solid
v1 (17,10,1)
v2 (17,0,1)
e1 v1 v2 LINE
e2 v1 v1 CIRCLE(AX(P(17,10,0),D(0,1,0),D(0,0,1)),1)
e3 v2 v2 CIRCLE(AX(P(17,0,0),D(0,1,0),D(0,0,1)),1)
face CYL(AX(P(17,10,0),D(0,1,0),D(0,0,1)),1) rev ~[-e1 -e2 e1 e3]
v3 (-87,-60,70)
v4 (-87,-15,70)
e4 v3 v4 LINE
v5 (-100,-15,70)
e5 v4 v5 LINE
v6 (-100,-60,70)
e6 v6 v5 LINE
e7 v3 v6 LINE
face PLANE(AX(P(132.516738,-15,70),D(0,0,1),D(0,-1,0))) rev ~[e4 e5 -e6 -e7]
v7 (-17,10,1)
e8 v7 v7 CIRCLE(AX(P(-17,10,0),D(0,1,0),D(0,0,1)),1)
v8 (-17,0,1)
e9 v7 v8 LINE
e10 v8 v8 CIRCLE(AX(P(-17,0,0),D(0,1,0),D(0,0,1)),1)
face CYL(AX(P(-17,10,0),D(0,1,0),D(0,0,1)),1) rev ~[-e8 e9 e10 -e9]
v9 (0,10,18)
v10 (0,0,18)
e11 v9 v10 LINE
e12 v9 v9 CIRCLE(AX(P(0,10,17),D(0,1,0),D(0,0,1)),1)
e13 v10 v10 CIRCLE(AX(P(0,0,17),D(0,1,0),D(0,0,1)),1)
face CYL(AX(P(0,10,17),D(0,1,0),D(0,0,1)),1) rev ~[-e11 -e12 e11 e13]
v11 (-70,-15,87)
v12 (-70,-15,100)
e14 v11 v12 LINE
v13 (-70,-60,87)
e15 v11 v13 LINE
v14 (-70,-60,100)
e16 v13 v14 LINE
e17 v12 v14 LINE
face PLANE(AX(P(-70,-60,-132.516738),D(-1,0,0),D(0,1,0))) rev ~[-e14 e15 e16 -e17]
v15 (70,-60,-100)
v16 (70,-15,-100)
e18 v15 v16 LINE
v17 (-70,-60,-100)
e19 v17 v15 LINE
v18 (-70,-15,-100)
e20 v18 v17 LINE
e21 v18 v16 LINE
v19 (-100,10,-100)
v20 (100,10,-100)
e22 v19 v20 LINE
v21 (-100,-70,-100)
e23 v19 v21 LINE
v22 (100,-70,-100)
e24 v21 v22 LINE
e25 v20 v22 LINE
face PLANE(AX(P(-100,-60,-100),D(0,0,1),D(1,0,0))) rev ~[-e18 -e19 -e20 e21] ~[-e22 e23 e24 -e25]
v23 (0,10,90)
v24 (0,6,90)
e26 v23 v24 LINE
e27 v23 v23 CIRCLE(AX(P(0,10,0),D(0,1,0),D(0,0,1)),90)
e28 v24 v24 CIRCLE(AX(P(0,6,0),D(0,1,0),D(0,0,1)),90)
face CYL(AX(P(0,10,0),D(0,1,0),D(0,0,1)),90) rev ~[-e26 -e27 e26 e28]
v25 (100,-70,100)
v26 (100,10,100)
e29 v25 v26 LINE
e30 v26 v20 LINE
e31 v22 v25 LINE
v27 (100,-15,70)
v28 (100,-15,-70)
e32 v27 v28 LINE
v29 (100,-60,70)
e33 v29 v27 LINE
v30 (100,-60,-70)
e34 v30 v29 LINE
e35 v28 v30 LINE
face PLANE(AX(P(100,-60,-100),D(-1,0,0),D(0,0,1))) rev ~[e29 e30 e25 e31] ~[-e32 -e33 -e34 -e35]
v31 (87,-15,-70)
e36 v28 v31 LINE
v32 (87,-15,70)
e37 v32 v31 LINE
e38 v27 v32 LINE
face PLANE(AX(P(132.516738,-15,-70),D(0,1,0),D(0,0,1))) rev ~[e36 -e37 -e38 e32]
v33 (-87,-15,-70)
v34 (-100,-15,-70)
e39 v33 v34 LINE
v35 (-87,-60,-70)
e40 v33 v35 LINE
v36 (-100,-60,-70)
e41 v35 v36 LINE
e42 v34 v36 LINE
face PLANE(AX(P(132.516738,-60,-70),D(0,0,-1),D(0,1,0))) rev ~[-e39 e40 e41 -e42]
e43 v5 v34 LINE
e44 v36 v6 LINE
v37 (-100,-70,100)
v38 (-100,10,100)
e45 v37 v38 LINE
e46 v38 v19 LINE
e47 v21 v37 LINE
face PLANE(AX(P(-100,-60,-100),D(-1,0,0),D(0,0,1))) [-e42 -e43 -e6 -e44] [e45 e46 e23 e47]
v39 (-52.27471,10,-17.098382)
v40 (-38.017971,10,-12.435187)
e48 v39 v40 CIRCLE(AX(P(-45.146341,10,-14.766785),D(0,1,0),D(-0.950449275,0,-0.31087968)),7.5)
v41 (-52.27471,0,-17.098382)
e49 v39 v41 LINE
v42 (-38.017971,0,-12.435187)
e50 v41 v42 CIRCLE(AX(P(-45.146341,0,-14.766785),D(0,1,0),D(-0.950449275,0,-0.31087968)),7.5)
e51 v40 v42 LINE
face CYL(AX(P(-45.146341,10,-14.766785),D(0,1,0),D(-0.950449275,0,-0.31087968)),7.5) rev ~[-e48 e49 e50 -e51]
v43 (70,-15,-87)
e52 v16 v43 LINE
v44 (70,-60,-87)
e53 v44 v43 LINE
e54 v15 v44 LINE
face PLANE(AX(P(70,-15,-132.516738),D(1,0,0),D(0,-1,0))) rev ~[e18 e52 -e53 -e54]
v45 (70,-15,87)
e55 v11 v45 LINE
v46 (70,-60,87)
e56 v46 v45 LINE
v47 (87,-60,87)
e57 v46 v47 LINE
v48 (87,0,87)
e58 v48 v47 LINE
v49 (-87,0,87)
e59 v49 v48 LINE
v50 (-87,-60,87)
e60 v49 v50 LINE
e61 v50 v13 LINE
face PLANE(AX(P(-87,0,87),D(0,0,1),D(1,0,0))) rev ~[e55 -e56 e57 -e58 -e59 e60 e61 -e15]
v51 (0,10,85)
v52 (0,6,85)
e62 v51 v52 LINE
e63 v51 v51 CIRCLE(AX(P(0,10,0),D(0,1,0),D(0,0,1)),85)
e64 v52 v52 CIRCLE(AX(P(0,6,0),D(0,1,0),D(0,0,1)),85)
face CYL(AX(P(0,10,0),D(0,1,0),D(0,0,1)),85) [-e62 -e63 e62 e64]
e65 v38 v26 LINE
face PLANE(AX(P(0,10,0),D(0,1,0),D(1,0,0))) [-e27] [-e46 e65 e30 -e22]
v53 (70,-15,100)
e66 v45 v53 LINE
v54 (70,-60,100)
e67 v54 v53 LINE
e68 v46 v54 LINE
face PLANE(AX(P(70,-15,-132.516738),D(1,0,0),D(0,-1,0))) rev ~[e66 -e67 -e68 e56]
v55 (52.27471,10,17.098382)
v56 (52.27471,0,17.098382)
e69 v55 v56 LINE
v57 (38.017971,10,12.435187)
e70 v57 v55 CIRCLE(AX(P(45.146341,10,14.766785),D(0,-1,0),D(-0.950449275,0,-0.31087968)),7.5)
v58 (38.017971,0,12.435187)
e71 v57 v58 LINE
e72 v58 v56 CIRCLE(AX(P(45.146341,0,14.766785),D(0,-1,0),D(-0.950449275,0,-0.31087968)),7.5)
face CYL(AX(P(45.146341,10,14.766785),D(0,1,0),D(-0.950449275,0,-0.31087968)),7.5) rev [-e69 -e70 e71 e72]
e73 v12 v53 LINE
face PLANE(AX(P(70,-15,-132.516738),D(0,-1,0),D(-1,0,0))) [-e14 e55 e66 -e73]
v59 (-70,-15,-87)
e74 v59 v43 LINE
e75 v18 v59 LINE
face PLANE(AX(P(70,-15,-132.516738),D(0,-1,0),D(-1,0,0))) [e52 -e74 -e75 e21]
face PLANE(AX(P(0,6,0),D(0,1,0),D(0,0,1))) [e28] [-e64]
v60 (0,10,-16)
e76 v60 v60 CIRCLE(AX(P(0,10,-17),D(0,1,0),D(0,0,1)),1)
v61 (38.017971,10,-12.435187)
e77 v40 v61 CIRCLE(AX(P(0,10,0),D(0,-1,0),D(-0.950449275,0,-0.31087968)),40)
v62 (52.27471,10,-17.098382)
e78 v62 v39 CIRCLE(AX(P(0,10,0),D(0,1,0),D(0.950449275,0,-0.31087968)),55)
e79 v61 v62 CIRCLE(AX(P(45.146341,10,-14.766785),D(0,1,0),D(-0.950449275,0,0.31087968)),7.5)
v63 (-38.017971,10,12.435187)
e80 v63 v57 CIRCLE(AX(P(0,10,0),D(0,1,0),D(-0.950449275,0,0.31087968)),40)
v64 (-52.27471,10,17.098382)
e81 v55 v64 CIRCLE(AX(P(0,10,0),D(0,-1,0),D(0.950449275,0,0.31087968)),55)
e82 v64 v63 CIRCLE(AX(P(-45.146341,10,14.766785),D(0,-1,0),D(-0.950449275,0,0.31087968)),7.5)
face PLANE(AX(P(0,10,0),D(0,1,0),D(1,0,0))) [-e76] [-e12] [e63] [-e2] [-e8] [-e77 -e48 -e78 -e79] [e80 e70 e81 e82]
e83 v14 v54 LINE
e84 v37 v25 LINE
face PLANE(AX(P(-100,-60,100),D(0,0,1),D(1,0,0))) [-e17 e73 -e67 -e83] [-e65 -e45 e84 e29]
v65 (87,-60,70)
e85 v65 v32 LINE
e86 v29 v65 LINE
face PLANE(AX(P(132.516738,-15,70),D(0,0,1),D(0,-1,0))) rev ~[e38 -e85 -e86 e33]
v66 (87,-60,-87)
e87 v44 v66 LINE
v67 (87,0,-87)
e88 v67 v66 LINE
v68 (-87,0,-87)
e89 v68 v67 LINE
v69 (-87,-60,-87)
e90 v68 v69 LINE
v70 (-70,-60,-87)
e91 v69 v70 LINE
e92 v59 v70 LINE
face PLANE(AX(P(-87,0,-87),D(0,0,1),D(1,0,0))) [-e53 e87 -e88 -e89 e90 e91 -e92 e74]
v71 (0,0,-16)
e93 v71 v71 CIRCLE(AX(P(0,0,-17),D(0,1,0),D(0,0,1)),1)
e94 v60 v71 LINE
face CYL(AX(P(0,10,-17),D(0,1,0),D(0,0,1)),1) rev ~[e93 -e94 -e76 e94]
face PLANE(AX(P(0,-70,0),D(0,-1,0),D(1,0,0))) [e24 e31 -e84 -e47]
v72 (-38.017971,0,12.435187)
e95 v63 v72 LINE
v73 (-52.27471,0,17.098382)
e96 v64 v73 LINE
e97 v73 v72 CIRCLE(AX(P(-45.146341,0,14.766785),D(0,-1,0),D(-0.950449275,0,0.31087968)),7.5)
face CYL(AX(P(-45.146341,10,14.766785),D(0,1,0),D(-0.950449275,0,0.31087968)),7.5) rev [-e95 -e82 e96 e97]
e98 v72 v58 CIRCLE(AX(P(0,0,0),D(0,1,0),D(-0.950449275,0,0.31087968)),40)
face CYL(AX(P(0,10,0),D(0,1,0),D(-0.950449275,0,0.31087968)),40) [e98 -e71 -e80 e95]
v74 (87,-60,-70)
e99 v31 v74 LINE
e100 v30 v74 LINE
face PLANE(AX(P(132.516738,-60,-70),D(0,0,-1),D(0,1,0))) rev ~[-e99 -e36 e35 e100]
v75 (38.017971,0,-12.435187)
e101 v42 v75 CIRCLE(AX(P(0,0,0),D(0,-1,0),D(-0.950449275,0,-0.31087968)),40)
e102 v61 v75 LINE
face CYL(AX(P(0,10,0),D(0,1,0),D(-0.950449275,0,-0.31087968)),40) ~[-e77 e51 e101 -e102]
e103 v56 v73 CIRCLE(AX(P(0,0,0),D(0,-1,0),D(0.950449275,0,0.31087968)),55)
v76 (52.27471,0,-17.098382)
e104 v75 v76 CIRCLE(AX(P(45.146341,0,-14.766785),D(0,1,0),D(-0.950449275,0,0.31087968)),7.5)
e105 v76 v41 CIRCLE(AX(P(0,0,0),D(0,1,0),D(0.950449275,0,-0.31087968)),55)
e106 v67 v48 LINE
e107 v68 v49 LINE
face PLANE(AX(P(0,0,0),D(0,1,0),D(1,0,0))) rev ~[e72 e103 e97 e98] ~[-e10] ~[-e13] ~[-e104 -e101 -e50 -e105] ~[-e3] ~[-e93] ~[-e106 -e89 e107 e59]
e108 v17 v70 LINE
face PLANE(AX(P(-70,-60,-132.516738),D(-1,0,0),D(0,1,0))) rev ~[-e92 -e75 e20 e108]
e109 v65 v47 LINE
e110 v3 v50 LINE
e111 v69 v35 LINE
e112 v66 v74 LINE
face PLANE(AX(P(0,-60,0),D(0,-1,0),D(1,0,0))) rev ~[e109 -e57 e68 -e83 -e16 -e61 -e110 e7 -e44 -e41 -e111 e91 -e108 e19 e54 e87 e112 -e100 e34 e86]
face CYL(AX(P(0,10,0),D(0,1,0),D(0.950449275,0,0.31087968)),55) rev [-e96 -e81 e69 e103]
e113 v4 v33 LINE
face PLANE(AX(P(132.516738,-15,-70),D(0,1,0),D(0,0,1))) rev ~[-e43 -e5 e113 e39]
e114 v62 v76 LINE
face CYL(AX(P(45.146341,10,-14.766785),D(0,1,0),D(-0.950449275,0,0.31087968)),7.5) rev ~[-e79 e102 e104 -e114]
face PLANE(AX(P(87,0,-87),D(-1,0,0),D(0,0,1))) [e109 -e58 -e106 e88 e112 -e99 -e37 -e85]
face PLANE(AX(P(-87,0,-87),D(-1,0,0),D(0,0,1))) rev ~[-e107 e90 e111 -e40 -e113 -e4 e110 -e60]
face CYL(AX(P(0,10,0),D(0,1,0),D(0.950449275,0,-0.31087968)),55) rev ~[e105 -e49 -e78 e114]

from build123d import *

# Parameters (mm, degrees)
SKETCH2_W                = 200
SKETCH2_H                = 200
BOSS_EXTRUDE1_DEPTH      = 10
SKETCH12_R               = 90
SKETCH12_R_2             = 85
CUT_EXTRUDE8_DEPTH       = 4
SKETCH13_R               = 1
CUT_EXTRUDE9_DEPTH       = 142.774468788
SKETCH4_W                = 200
SKETCH4_H                = 200
SKETCH4_W_2              = 174
SKETCH4_H_2              = 174
BOSS_EXTRUDE4_DEPTH      = 60
CUT_EXTRUDE10_DEPTH      = 232.516738056
CUT_EXTRUDE10_DEPTH_BACK = 232.516738056
CUT_EXTRUDE11_DEPTH      = 232.516738056
CUT_EXTRUDE11_DEPTH_BACK = 232.516738056
CUT_EXTRUDE12_DEPTH      = 10
SKETCH19_W               = 200
SKETCH19_H               = 200
BOSS_EXTRUDE5_DEPTH      = 10


with BuildPart() as part:
    # Sketch2 → Boss-Extrude1 (new body)
    with BuildSketch(Plane(origin=(0, 0, 0), x_dir=(1, 0, 0), z_dir=(0, 1, 0))):
        Rectangle(SKETCH2_W, SKETCH2_H)
    extrude(amount=BOSS_EXTRUDE1_DEPTH)

    # Sketch12 → Cut-Extrude8 (cut)
    with BuildSketch(Plane(origin=(0, 10, 0), x_dir=(1, 0, 0), z_dir=(0, 1, 0))):
        with Locations(Location((0, 0, 0), (0, 0, 270))):
            Circle(SKETCH12_R)
        with Locations(Location((0, 0, 0), (0, 0, 270))):
            Circle(SKETCH12_R_2, mode=Mode.SUBTRACT)
    extrude(amount=-CUT_EXTRUDE8_DEPTH, mode=Mode.SUBTRACT)

    # Sketch13 → Cut-Extrude9 (cut, through all)
    with BuildSketch(Plane(origin=(0, 10, 0), x_dir=(1, 0, 0), z_dir=(0, 1, 0))):
        with Locations(Location((0, 17, 0), (0, 0, 270))):
            Circle(SKETCH13_R)
        with Locations(Location((17, 0, 0), (0, 0, 270))):
            Circle(SKETCH13_R)
        with Locations(Location((0, -17, 0), (0, 0, 270))):
            Circle(SKETCH13_R)
        with Locations(Location((-17, 0, 0), (0, 0, 270))):
            Circle(SKETCH13_R)
    extrude(amount=-CUT_EXTRUDE9_DEPTH, mode=Mode.SUBTRACT)

    # Sketch4 → Boss-Extrude4 (add)
    with BuildSketch(Plane.XZ):
        Rectangle(SKETCH4_W, SKETCH4_H)
        Rectangle(SKETCH4_W_2, SKETCH4_H_2, mode=Mode.SUBTRACT)
    extrude(amount=BOSS_EXTRUDE4_DEPTH)

    # Sketch14 → Cut-Extrude10 (cut, two sides: drawn at the far end of the back side and taken through both)
    with BuildSketch(Plane.XY.offset(100).offset(-CUT_EXTRUDE10_DEPTH_BACK)):
        Polygon((0, -15), (70, -15), (70, -60), (-70, -60), (-70, -15), align=None)
    extrude(amount=CUT_EXTRUDE10_DEPTH + CUT_EXTRUDE10_DEPTH_BACK, mode=Mode.SUBTRACT)

    # Sketch15 → Cut-Extrude11 (cut, two sides: drawn at the far end of the back side and taken through both)
    with BuildSketch(Plane.ZY.offset(100).offset(-CUT_EXTRUDE11_DEPTH_BACK)):
        Polygon((0, -60), (-70, -60), (-70, -15), (70, -15), (70, -60), align=None)
    extrude(amount=CUT_EXTRUDE11_DEPTH + CUT_EXTRUDE11_DEPTH_BACK, mode=Mode.SUBTRACT)

    # Sketch3 → Cut-Extrude12 (cut)
    with BuildSketch(Plane(origin=(0, 10, 0), x_dir=(1, 0, 0), z_dir=(0, 1, 0))):
        with BuildLine():
            ThreePointArc((-38.01797101, -12.435187183), (0, -40), (38.01797101, -12.435187183))
            ThreePointArc((38.01797101, -12.435187183), (47.477938171, -7.638415216), (52.274710139, -17.098382377))
            ThreePointArc((52.274710139, -17.098382377), (0, -55), (-52.274710139, -17.098382377))
            ThreePointArc((-52.274710139, -17.098382377), (-47.477938171, -7.638415216), (-38.01797101, -12.435187183))
        make_face()
        with BuildLine():
            ThreePointArc((38.01797101, 12.435187183), (47.477938171, 7.638415216), (52.274710139, 17.098382377))
            ThreePointArc((52.274710139, 17.098382377), (0, 55), (-52.274710139, 17.098382377))
            ThreePointArc((-52.274710139, 17.098382377), (-47.477938171, 7.638415216), (-38.01797101, 12.435187183))
            ThreePointArc((-38.01797101, 12.435187183), (0, 40), (38.01797101, 12.435187183))
        make_face()
    extrude(amount=-CUT_EXTRUDE12_DEPTH, mode=Mode.SUBTRACT)

    # Sketch19 → Boss-Extrude5 (add)
    with BuildSketch(Plane.XZ.offset(60)):
        Rectangle(SKETCH19_W, SKETCH19_H)
    extrude(amount=BOSS_EXTRUDE5_DEPTH)


solid = part.part
